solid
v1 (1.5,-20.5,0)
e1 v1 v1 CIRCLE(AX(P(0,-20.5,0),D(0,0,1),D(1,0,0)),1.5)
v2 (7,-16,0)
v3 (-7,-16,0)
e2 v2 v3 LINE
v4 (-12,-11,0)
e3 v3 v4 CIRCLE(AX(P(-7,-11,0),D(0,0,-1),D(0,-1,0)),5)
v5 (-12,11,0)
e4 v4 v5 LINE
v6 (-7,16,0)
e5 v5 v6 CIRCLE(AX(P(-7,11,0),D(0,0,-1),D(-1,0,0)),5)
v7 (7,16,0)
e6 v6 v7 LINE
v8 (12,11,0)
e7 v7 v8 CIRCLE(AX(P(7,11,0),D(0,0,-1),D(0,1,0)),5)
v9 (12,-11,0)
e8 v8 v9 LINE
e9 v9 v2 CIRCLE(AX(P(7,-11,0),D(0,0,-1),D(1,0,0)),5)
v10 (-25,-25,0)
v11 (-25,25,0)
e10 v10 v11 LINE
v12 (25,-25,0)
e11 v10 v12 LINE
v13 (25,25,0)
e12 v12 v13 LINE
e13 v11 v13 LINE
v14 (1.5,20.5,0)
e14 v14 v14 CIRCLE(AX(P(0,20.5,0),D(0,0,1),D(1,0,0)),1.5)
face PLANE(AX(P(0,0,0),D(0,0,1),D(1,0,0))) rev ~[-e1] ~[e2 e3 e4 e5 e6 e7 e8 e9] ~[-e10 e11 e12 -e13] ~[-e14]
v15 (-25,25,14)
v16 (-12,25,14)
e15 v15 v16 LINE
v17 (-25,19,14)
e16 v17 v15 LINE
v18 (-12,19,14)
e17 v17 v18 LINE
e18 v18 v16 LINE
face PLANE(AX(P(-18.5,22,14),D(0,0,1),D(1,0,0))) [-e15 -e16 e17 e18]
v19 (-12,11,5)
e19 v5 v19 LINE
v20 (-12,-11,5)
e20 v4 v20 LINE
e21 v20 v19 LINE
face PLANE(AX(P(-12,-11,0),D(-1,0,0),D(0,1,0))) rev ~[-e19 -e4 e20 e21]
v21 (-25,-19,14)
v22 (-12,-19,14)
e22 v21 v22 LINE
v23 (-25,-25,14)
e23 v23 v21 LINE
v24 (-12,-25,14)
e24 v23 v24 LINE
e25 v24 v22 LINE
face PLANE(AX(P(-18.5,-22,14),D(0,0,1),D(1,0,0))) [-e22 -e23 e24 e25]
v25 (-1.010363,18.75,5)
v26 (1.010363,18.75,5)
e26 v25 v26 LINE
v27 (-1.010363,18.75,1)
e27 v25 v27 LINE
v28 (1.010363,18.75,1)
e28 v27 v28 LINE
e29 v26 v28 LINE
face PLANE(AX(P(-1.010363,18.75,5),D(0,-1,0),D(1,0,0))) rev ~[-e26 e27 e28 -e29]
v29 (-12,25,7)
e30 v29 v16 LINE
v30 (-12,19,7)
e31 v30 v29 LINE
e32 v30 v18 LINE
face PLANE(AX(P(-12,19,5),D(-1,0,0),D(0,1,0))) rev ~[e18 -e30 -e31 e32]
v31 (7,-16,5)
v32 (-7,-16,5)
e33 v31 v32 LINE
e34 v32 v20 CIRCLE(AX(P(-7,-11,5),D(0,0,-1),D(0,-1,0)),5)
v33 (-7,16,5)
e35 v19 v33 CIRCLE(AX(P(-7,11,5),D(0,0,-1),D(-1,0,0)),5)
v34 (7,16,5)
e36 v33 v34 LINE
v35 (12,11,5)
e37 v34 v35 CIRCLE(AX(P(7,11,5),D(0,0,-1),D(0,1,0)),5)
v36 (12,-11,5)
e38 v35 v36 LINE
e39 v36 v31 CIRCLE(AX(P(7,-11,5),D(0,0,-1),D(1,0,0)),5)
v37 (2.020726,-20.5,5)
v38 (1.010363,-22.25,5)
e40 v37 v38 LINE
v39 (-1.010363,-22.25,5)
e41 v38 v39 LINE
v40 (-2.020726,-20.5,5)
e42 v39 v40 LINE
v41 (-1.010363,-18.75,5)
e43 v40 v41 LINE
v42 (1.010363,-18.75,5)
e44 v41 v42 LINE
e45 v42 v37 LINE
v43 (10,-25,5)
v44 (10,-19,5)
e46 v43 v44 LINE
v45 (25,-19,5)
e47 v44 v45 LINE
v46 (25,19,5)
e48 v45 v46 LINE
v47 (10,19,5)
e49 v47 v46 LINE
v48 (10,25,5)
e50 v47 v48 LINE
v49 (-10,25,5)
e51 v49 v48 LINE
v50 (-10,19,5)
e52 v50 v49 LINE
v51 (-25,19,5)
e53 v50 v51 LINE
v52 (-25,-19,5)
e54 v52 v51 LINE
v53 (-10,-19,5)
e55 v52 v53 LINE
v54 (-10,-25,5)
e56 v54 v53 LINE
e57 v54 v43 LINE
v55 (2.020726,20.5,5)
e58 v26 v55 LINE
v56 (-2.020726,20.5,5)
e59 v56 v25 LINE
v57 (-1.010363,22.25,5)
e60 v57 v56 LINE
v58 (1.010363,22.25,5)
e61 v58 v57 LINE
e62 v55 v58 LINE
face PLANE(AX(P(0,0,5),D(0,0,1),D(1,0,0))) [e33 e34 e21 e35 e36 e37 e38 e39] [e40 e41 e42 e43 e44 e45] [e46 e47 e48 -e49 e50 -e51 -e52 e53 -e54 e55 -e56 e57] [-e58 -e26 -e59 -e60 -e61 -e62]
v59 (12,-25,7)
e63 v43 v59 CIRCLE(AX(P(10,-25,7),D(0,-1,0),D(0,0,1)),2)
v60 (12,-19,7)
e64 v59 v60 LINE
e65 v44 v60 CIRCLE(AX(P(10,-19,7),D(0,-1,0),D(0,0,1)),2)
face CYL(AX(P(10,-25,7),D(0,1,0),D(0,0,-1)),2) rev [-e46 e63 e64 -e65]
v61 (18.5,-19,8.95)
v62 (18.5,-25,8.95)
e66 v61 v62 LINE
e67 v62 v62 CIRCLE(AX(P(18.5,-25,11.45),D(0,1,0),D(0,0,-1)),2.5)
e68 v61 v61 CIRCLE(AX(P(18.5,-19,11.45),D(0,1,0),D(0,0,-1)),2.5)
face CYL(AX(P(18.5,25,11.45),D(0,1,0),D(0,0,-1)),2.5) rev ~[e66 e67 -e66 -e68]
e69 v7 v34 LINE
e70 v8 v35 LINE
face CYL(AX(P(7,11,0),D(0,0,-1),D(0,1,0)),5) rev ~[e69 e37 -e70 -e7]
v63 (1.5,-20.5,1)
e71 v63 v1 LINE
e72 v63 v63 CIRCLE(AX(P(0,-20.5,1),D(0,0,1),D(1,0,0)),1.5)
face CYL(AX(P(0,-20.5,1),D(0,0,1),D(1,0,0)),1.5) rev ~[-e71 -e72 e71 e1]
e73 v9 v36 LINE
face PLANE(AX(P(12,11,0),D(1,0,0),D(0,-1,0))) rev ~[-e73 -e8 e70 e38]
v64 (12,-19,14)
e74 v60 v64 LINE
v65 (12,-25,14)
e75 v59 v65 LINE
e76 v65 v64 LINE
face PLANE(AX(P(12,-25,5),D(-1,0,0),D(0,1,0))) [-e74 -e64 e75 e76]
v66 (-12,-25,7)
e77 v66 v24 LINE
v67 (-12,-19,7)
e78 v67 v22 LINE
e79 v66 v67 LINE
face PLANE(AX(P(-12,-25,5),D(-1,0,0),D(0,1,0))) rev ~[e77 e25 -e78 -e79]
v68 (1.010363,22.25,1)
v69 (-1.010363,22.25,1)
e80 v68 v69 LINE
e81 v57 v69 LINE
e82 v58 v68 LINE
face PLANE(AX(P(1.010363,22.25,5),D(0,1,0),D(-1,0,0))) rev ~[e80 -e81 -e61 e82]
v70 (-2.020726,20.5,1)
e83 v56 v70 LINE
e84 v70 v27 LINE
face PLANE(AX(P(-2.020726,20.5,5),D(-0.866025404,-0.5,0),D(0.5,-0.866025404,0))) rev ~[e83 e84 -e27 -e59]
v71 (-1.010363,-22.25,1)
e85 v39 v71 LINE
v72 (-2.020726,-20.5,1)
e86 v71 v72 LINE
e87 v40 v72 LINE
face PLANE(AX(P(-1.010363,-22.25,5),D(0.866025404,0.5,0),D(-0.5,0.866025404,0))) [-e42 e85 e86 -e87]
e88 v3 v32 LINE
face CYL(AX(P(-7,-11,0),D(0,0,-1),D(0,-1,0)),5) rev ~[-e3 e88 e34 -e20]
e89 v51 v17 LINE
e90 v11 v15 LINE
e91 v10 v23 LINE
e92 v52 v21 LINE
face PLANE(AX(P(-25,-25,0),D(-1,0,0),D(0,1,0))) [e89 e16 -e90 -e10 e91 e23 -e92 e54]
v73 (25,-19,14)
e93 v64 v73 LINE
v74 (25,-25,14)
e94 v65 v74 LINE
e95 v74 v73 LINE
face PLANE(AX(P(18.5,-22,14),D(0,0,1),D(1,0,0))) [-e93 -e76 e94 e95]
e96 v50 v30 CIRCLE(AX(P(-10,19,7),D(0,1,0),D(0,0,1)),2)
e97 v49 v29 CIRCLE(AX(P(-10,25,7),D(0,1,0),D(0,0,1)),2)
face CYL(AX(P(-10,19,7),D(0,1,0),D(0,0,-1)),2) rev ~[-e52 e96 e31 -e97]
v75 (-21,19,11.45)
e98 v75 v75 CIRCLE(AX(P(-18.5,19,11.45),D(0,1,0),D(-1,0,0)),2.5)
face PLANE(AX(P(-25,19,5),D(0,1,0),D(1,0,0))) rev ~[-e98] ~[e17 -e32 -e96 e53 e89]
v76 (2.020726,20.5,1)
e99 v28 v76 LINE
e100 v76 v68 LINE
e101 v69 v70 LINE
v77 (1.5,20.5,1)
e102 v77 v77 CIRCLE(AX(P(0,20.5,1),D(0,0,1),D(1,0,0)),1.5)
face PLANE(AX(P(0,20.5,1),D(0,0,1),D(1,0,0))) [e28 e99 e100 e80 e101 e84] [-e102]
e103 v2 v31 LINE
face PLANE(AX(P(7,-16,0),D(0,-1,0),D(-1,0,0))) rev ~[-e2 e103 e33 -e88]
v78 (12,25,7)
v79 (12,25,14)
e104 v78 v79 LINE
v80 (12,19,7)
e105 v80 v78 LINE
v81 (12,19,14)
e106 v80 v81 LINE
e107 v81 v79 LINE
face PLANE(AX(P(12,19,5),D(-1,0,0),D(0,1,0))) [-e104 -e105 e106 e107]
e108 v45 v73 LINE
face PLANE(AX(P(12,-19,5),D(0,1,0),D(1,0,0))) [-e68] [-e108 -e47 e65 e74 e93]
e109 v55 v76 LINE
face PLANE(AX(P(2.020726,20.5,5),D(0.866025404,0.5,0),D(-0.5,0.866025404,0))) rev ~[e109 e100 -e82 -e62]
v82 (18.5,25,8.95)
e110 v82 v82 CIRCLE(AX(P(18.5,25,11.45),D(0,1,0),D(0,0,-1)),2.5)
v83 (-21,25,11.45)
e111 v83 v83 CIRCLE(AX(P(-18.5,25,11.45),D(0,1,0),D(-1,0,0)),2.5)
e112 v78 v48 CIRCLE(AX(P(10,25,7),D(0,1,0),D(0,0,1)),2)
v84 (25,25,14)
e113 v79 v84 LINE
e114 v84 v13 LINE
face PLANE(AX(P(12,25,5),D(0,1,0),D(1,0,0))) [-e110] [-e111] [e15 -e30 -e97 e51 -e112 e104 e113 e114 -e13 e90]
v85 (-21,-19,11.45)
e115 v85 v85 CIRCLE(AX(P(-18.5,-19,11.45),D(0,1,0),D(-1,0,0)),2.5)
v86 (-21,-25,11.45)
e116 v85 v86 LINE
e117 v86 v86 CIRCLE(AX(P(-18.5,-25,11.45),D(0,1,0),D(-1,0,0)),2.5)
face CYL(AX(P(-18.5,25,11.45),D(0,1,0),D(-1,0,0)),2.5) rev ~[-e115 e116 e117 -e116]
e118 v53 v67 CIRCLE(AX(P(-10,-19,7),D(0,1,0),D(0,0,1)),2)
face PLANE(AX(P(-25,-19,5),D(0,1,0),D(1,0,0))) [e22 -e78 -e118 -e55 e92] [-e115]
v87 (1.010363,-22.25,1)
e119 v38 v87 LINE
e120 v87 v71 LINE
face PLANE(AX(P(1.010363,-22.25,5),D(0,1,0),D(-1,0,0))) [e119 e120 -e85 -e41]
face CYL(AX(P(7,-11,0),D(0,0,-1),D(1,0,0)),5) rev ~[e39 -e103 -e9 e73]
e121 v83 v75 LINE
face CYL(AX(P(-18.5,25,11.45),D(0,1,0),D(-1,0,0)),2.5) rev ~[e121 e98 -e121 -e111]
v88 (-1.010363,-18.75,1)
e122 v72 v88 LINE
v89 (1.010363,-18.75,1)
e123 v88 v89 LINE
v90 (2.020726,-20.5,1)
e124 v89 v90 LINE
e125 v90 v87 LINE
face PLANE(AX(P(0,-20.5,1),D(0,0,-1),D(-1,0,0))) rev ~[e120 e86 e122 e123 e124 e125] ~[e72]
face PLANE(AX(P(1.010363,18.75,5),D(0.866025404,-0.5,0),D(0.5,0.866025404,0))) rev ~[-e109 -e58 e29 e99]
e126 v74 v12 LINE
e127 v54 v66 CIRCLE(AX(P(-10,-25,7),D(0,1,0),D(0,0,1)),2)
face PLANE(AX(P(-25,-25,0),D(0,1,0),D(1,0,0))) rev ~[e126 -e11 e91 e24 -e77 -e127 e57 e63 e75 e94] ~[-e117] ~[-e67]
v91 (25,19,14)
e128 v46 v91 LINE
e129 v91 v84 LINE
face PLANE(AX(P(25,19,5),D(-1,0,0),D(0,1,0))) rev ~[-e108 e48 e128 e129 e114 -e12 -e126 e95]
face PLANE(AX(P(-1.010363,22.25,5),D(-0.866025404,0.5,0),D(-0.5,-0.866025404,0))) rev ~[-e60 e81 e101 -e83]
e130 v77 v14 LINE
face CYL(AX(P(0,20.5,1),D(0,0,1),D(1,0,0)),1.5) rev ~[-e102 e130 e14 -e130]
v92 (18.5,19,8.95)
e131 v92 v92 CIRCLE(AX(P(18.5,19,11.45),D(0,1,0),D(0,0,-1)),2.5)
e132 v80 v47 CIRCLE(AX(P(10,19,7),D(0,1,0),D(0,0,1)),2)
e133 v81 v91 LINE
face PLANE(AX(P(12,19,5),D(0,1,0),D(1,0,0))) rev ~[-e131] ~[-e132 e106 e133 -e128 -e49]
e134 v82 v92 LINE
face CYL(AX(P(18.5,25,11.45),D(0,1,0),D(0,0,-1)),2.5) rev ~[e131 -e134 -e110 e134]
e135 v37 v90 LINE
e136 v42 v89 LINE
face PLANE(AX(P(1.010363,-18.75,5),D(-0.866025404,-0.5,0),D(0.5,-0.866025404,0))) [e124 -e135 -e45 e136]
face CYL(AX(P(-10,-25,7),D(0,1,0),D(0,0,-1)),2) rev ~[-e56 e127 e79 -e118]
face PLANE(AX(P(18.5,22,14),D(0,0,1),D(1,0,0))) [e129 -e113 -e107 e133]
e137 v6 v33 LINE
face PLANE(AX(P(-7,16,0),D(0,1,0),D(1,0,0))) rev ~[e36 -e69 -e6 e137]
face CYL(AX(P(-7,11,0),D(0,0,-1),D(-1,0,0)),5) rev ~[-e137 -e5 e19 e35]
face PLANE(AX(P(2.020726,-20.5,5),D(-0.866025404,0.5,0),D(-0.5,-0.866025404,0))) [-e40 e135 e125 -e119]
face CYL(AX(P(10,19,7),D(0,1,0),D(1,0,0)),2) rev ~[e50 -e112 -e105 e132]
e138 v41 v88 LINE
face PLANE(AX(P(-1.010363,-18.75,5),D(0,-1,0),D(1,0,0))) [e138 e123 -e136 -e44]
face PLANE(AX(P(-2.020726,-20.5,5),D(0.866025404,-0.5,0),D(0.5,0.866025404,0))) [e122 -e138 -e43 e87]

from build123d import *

# Parameters (mm, degrees)
CROQUIS1_W              = 50
CROQUIS1_H              = 50
SALIENTE_EXTRUIR1_DEPTH = 5
CROQUIS2_W              = 13
CROQUIS2_H              = 6
SALIENTE_EXTRUIR2_DEPTH = 9
CROQUIS3_R              = 2.5
CORTAR_EXTRUIR5_DEPTH   = 58.628118137
REDONDEO1_R             = 2
CORTAR_EXTRUIR6_DEPTH   = 4
CROQUIS5_R              = 1.5
CORTAR_EXTRUIR7_DEPTH   = 4


with BuildPart() as part:
    # Croquis1 → Saliente-Extruir1 (new body)
    with BuildSketch(Plane.XY):
        Rectangle(CROQUIS1_W, CROQUIS1_H)
        with BuildLine():
            Line((7, -16), (-7, -16))
            ThreePointArc((-7, -16), (-10.535533906, -14.535533906), (-12, -11))
            Line((-12, -11), (-12, 11))
            ThreePointArc((-12, 11), (-10.535533906, 14.535533906), (-7, 16))
            Line((-7, 16), (7, 16))
            ThreePointArc((7, 16), (10.535533906, 14.535533906), (12, 11))
            Line((12, 11), (12, -11))
            ThreePointArc((12, -11), (10.535533906, -14.535533906), (7, -16))
        make_face(mode=Mode.SUBTRACT)
    extrude(amount=SALIENTE_EXTRUIR1_DEPTH)

    # Croquis2 → Saliente-Extruir2 (add)
    with BuildSketch(Plane.XY.offset(5)):
        with Locations((18.5, 22)):
            Rectangle(CROQUIS2_W, CROQUIS2_H)
        with Locations((-18.5, 22)):
            Rectangle(CROQUIS2_W, CROQUIS2_H)
        with Locations((18.5, -22)):
            Rectangle(CROQUIS2_W, CROQUIS2_H)
        with Locations((-18.5, -22)):
            Rectangle(CROQUIS2_W, CROQUIS2_H)
    extrude(amount=SALIENTE_EXTRUIR2_DEPTH)

    # Croquis3 → Cortar-Extruir5 (cut, through all)
    with BuildSketch(Plane(origin=(0, 25, 0), x_dir=(1, 0, 0), z_dir=(0, 1, 0))):
        with Locations(Location((-18.5, -11.45, 0), (0, 0, 180))):
            Circle(CROQUIS3_R)
        with Locations(Location((18.5, -11.45, 0), (0, 0, 90))):
            Circle(CROQUIS3_R)
    extrude(amount=-CORTAR_EXTRUIR5_DEPTH, mode=Mode.SUBTRACT)

    # Redondeo1
    redondeo1_edges = [part.edges().sort_by_distance(p)[0] for p in [
        (-12, 22, 5),
        (12, 22, 5),
        (12, -22, 5),
        (-12, -22, 5),
    ]]
    fillet(redondeo1_edges, radius=REDONDEO1_R)

    # Croquis4 → Cortar-Extruir6 (cut)
    with BuildSketch(Plane.XY.offset(5)):
        Polygon((-1.010362971, 18.75), (1.010362971, 18.75), (2.020725942, 20.5), (1.010362971, 22.25), (-1.010362971, 22.25), (-2.020725942, 20.5), align=None)
        Polygon((-2.020725942, -20.5), (-1.010362971, -18.75), (1.010362971, -18.75), (2.020725942, -20.5), (1.010362971, -22.25), (-1.010362971, -22.25), align=None)
    extrude(amount=-CORTAR_EXTRUIR6_DEPTH, mode=Mode.SUBTRACT)

    # Croquis5 → Cortar-Extruir7 (cut)
    with BuildSketch(Plane.XY.offset(1)):
        with Locations((0, 20.5)):
            Circle(CROQUIS5_R)
        with Locations((0, -20.5)):
            Circle(CROQUIS5_R)
    extrude(amount=-CORTAR_EXTRUIR7_DEPTH, mode=Mode.SUBTRACT)


solid = part.part
